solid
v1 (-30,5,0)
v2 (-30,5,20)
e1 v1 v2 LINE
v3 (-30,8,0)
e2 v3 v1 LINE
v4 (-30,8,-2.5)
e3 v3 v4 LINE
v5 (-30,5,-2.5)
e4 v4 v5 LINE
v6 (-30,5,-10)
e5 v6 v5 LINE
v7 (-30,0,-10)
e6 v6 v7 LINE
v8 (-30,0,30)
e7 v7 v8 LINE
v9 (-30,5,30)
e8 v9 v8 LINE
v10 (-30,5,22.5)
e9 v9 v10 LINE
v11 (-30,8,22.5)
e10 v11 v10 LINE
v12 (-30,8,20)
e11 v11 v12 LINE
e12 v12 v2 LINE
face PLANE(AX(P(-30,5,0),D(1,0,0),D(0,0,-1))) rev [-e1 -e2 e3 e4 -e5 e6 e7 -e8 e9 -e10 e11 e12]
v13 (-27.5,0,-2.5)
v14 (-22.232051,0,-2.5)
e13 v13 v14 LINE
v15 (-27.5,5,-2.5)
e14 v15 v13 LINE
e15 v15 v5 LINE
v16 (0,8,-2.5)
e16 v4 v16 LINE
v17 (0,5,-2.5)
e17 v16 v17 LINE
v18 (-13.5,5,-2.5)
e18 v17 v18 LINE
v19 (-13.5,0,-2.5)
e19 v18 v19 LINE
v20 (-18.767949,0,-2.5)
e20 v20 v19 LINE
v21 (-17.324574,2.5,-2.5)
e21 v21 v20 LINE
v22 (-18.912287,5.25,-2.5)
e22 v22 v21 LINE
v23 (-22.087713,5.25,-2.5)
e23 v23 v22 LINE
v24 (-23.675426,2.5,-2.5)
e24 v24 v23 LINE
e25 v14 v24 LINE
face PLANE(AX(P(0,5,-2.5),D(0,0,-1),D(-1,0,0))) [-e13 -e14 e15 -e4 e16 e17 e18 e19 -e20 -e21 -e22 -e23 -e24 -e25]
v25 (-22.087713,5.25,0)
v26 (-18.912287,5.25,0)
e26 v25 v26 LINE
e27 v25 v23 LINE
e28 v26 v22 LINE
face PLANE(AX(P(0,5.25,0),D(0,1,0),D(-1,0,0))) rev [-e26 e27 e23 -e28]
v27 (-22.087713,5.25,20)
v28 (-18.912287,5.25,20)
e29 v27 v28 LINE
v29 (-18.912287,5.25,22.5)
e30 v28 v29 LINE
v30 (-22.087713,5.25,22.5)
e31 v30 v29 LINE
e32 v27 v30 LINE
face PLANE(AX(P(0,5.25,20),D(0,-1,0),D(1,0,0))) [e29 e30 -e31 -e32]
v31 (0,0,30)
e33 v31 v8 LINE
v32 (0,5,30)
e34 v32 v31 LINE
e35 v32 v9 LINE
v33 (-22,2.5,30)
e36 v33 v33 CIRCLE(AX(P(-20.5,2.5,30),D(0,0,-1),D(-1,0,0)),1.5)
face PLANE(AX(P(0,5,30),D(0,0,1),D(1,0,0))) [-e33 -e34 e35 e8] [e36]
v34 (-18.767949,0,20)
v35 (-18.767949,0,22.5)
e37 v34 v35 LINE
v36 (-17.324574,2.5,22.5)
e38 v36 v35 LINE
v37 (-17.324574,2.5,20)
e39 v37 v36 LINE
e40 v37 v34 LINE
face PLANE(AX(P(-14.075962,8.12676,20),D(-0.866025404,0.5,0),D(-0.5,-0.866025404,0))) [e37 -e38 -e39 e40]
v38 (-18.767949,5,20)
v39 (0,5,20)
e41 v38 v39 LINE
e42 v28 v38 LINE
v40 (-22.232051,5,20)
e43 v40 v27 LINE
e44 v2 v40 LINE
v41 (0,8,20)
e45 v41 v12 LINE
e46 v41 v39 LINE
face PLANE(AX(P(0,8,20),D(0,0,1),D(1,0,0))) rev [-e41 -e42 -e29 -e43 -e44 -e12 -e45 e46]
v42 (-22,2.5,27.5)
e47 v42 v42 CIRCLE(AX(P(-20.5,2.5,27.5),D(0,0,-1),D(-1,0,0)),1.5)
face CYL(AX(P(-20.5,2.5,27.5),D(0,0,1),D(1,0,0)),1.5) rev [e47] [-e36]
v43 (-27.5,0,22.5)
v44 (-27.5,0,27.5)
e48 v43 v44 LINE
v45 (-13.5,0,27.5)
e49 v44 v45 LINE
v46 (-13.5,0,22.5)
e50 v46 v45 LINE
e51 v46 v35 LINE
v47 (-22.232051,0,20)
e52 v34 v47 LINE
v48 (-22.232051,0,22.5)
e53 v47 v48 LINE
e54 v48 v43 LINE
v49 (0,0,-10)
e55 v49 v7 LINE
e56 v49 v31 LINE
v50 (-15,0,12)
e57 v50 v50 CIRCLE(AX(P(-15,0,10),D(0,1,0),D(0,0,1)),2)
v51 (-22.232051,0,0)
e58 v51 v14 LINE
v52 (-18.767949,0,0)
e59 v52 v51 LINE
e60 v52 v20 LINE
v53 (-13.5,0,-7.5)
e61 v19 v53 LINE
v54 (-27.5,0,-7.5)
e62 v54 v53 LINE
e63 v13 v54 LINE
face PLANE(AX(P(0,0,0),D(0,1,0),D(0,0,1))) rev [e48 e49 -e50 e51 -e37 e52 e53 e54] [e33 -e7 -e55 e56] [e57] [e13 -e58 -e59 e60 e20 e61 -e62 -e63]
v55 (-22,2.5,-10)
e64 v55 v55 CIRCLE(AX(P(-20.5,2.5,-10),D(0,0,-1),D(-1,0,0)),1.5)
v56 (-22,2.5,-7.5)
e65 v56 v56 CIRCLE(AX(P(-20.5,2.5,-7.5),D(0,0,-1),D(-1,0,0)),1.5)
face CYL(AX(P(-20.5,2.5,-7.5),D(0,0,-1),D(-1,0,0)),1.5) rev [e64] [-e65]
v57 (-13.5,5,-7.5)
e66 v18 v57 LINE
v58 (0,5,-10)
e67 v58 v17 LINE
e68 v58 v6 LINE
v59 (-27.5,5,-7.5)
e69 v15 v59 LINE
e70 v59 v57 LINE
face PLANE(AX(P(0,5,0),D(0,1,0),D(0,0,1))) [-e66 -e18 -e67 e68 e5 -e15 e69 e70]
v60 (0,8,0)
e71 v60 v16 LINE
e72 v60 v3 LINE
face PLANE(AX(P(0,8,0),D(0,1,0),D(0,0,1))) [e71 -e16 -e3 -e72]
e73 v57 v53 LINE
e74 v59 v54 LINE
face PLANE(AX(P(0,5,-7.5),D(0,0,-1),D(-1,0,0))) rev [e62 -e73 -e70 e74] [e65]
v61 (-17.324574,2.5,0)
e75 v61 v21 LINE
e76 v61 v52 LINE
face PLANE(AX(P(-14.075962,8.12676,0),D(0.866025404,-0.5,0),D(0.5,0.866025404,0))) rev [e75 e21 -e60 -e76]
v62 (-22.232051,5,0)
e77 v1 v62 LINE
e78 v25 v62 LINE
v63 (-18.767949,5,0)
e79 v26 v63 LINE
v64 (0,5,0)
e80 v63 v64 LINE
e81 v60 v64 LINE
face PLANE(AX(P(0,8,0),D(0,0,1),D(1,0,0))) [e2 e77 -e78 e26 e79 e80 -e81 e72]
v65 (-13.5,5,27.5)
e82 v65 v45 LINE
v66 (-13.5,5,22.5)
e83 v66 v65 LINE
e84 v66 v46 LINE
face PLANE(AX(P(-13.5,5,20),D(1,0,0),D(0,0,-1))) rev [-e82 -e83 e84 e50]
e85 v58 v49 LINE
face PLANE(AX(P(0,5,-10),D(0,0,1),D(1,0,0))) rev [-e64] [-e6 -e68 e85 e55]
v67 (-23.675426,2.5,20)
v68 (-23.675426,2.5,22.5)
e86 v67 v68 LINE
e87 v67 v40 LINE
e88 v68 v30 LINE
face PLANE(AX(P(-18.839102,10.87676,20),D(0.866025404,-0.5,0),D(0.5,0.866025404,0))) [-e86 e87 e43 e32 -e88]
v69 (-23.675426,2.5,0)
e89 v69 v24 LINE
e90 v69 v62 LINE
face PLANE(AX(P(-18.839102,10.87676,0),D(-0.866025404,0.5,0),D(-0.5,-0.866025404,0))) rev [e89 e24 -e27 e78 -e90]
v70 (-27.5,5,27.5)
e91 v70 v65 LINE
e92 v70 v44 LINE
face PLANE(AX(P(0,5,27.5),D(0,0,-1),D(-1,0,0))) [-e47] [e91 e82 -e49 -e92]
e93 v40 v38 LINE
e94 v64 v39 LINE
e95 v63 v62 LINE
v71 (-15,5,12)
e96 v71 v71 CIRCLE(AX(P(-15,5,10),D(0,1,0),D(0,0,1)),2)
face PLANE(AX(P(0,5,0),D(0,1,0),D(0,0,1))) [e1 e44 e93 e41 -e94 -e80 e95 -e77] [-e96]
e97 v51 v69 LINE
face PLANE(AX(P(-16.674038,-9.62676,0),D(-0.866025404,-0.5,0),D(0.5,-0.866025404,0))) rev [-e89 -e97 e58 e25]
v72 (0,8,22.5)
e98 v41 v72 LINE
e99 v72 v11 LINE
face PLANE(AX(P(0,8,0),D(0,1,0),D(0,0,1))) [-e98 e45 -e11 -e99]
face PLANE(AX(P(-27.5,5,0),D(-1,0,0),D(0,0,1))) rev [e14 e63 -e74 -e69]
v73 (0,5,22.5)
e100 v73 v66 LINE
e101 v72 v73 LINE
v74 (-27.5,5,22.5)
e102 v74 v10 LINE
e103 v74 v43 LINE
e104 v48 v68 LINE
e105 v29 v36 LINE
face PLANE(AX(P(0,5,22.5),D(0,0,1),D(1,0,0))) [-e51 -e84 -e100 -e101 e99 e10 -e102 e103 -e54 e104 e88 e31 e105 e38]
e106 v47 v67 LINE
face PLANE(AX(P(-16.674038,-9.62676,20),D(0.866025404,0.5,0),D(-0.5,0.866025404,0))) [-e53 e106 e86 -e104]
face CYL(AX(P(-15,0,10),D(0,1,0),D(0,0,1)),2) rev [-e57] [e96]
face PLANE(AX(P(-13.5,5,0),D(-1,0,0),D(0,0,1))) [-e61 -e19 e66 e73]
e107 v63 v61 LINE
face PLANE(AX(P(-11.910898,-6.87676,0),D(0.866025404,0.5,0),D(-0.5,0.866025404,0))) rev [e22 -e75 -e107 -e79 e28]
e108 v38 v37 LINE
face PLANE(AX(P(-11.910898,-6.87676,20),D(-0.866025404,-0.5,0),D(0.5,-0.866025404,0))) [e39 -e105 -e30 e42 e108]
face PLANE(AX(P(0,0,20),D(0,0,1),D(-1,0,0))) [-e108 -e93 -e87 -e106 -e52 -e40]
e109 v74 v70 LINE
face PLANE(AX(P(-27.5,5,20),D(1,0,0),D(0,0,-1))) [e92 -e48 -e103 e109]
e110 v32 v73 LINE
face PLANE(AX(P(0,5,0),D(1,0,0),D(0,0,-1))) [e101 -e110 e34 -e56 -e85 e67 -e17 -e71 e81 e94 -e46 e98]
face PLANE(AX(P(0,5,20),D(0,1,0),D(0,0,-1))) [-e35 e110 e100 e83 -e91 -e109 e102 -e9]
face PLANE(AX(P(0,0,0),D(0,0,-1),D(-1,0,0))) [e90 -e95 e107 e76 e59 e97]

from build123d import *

# Parameters (mm, degrees)
SKETCH1_W           = 30
SKETCH1_H           = 32.5
SKETCH1_W_2         = 14
SKETCH1_H_2         = 5
BOSS_EXTRUDE1_DEPTH = 5
SKETCH1_3_W         = 30
SKETCH1_3_H         = 2.5
BOSS_EXTRUDE2_DEPTH = 8
SKETCH3_R           = 1.5
CUT_EXTRUDE2_DEPTH  = 2.5
CUT_EXTRUDE3_DEPTH  = 2.5
SKETCH2_R           = 2
CUT_EXTRUDE1_DEPTH  = 43.720018727
CUT_EXTRUDE4_DEPTH  = 2.5


with BuildPart() as part:
    # Sketch1 → Boss-Extrude1 (new body)
    with BuildSketch(Plane(origin=(0, 0, 0), x_dir=(1, 0, 0), z_dir=(0, 1, 0))):
        with Locations((-15, -6.25)):
            Rectangle(SKETCH1_W, SKETCH1_H)
        with Locations((-20.5, 5)):
            Rectangle(SKETCH1_W_2, SKETCH1_H_2, mode=Mode.SUBTRACT)
    boss_extrude1 = extrude(amount=BOSS_EXTRUDE1_DEPTH)

    # Sketch1<3> → Boss-Extrude2 (add)
    with BuildSketch(Plane(origin=(0, 0, 0), x_dir=(1, 0, 0), z_dir=(0, 1, 0))):
        with Locations((-15, -21.25)):
            Rectangle(SKETCH1_3_W, SKETCH1_3_H)
        with Locations((-15, 1.25)):
            Rectangle(SKETCH1_3_W, SKETCH1_3_H)
    extrude(amount=BOSS_EXTRUDE2_DEPTH)

    # Sketch3 → Cut-Extrude2 (cut)
    with BuildSketch(Plane(origin=(0, 0, -10), x_dir=(-1, 0, 0), z_dir=(0, 0, -1))):
        with Locations((20.5, 2.5)):
            Circle(SKETCH3_R)
    cut_extrude2 = extrude(amount=-CUT_EXTRUDE2_DEPTH, mode=Mode.SUBTRACT)

    # Sketch4 → Cut-Extrude3 (cut)
    with BuildSketch(Plane(origin=(0, 0, -2.5), x_dir=(-1, 0, 0), z_dir=(0, 0, -1))):
        Polygon((22.08771324, -0.25), (23.675426481, 2.5), (22.08771324, 5.25), (18.91228676, 5.25), (17.324573519, 2.5), (18.91228676, -0.25), align=None)
    cut_extrude3 = extrude(amount=-CUT_EXTRUDE3_DEPTH, mode=Mode.SUBTRACT)

    # Mirror1: Boss-Extrude1, Cut-Extrude2, Cut-Extrude3 across plane
    add(boss_extrude1.mirror(Plane(origin=(0, 0, 10), x_dir=(1, 0, 0), z_dir=(0, 0, -1))))
    add(cut_extrude2.mirror(Plane(origin=(0, 0, 10), x_dir=(1, 0, 0), z_dir=(0, 0, -1))), mode=Mode.SUBTRACT)
    add(cut_extrude3.mirror(Plane(origin=(0, 0, 10), x_dir=(1, 0, 0), z_dir=(0, 0, -1))), mode=Mode.SUBTRACT)

    # Sketch2 → Cut-Extrude1 (cut, through all)
    with BuildSketch(Plane(origin=(0, 5, 0), x_dir=(1, 0, 0), z_dir=(0, 1, 0))):
        with Locations((-15, -10)):
            Circle(SKETCH2_R)
    extrude(amount=-CUT_EXTRUDE1_DEPTH, mode=Mode.SUBTRACT)

    # Sketch4<3> → Cut-Extrude4 (cut)
    with BuildSketch(Plane(origin=(0, 0, -2.5), x_dir=(-1, 0, 0), z_dir=(0, 0, -1))):
        Polygon((22.232050808, 0), (23.675426481, 2.5), (22.08771324, 5.25), (18.91228676, 5.25), (17.324573519, 2.5), (18.767949192, 0), align=None)
    extrude(amount=-CUT_EXTRUDE4_DEPTH, mode=Mode.SUBTRACT)


solid = part.part
